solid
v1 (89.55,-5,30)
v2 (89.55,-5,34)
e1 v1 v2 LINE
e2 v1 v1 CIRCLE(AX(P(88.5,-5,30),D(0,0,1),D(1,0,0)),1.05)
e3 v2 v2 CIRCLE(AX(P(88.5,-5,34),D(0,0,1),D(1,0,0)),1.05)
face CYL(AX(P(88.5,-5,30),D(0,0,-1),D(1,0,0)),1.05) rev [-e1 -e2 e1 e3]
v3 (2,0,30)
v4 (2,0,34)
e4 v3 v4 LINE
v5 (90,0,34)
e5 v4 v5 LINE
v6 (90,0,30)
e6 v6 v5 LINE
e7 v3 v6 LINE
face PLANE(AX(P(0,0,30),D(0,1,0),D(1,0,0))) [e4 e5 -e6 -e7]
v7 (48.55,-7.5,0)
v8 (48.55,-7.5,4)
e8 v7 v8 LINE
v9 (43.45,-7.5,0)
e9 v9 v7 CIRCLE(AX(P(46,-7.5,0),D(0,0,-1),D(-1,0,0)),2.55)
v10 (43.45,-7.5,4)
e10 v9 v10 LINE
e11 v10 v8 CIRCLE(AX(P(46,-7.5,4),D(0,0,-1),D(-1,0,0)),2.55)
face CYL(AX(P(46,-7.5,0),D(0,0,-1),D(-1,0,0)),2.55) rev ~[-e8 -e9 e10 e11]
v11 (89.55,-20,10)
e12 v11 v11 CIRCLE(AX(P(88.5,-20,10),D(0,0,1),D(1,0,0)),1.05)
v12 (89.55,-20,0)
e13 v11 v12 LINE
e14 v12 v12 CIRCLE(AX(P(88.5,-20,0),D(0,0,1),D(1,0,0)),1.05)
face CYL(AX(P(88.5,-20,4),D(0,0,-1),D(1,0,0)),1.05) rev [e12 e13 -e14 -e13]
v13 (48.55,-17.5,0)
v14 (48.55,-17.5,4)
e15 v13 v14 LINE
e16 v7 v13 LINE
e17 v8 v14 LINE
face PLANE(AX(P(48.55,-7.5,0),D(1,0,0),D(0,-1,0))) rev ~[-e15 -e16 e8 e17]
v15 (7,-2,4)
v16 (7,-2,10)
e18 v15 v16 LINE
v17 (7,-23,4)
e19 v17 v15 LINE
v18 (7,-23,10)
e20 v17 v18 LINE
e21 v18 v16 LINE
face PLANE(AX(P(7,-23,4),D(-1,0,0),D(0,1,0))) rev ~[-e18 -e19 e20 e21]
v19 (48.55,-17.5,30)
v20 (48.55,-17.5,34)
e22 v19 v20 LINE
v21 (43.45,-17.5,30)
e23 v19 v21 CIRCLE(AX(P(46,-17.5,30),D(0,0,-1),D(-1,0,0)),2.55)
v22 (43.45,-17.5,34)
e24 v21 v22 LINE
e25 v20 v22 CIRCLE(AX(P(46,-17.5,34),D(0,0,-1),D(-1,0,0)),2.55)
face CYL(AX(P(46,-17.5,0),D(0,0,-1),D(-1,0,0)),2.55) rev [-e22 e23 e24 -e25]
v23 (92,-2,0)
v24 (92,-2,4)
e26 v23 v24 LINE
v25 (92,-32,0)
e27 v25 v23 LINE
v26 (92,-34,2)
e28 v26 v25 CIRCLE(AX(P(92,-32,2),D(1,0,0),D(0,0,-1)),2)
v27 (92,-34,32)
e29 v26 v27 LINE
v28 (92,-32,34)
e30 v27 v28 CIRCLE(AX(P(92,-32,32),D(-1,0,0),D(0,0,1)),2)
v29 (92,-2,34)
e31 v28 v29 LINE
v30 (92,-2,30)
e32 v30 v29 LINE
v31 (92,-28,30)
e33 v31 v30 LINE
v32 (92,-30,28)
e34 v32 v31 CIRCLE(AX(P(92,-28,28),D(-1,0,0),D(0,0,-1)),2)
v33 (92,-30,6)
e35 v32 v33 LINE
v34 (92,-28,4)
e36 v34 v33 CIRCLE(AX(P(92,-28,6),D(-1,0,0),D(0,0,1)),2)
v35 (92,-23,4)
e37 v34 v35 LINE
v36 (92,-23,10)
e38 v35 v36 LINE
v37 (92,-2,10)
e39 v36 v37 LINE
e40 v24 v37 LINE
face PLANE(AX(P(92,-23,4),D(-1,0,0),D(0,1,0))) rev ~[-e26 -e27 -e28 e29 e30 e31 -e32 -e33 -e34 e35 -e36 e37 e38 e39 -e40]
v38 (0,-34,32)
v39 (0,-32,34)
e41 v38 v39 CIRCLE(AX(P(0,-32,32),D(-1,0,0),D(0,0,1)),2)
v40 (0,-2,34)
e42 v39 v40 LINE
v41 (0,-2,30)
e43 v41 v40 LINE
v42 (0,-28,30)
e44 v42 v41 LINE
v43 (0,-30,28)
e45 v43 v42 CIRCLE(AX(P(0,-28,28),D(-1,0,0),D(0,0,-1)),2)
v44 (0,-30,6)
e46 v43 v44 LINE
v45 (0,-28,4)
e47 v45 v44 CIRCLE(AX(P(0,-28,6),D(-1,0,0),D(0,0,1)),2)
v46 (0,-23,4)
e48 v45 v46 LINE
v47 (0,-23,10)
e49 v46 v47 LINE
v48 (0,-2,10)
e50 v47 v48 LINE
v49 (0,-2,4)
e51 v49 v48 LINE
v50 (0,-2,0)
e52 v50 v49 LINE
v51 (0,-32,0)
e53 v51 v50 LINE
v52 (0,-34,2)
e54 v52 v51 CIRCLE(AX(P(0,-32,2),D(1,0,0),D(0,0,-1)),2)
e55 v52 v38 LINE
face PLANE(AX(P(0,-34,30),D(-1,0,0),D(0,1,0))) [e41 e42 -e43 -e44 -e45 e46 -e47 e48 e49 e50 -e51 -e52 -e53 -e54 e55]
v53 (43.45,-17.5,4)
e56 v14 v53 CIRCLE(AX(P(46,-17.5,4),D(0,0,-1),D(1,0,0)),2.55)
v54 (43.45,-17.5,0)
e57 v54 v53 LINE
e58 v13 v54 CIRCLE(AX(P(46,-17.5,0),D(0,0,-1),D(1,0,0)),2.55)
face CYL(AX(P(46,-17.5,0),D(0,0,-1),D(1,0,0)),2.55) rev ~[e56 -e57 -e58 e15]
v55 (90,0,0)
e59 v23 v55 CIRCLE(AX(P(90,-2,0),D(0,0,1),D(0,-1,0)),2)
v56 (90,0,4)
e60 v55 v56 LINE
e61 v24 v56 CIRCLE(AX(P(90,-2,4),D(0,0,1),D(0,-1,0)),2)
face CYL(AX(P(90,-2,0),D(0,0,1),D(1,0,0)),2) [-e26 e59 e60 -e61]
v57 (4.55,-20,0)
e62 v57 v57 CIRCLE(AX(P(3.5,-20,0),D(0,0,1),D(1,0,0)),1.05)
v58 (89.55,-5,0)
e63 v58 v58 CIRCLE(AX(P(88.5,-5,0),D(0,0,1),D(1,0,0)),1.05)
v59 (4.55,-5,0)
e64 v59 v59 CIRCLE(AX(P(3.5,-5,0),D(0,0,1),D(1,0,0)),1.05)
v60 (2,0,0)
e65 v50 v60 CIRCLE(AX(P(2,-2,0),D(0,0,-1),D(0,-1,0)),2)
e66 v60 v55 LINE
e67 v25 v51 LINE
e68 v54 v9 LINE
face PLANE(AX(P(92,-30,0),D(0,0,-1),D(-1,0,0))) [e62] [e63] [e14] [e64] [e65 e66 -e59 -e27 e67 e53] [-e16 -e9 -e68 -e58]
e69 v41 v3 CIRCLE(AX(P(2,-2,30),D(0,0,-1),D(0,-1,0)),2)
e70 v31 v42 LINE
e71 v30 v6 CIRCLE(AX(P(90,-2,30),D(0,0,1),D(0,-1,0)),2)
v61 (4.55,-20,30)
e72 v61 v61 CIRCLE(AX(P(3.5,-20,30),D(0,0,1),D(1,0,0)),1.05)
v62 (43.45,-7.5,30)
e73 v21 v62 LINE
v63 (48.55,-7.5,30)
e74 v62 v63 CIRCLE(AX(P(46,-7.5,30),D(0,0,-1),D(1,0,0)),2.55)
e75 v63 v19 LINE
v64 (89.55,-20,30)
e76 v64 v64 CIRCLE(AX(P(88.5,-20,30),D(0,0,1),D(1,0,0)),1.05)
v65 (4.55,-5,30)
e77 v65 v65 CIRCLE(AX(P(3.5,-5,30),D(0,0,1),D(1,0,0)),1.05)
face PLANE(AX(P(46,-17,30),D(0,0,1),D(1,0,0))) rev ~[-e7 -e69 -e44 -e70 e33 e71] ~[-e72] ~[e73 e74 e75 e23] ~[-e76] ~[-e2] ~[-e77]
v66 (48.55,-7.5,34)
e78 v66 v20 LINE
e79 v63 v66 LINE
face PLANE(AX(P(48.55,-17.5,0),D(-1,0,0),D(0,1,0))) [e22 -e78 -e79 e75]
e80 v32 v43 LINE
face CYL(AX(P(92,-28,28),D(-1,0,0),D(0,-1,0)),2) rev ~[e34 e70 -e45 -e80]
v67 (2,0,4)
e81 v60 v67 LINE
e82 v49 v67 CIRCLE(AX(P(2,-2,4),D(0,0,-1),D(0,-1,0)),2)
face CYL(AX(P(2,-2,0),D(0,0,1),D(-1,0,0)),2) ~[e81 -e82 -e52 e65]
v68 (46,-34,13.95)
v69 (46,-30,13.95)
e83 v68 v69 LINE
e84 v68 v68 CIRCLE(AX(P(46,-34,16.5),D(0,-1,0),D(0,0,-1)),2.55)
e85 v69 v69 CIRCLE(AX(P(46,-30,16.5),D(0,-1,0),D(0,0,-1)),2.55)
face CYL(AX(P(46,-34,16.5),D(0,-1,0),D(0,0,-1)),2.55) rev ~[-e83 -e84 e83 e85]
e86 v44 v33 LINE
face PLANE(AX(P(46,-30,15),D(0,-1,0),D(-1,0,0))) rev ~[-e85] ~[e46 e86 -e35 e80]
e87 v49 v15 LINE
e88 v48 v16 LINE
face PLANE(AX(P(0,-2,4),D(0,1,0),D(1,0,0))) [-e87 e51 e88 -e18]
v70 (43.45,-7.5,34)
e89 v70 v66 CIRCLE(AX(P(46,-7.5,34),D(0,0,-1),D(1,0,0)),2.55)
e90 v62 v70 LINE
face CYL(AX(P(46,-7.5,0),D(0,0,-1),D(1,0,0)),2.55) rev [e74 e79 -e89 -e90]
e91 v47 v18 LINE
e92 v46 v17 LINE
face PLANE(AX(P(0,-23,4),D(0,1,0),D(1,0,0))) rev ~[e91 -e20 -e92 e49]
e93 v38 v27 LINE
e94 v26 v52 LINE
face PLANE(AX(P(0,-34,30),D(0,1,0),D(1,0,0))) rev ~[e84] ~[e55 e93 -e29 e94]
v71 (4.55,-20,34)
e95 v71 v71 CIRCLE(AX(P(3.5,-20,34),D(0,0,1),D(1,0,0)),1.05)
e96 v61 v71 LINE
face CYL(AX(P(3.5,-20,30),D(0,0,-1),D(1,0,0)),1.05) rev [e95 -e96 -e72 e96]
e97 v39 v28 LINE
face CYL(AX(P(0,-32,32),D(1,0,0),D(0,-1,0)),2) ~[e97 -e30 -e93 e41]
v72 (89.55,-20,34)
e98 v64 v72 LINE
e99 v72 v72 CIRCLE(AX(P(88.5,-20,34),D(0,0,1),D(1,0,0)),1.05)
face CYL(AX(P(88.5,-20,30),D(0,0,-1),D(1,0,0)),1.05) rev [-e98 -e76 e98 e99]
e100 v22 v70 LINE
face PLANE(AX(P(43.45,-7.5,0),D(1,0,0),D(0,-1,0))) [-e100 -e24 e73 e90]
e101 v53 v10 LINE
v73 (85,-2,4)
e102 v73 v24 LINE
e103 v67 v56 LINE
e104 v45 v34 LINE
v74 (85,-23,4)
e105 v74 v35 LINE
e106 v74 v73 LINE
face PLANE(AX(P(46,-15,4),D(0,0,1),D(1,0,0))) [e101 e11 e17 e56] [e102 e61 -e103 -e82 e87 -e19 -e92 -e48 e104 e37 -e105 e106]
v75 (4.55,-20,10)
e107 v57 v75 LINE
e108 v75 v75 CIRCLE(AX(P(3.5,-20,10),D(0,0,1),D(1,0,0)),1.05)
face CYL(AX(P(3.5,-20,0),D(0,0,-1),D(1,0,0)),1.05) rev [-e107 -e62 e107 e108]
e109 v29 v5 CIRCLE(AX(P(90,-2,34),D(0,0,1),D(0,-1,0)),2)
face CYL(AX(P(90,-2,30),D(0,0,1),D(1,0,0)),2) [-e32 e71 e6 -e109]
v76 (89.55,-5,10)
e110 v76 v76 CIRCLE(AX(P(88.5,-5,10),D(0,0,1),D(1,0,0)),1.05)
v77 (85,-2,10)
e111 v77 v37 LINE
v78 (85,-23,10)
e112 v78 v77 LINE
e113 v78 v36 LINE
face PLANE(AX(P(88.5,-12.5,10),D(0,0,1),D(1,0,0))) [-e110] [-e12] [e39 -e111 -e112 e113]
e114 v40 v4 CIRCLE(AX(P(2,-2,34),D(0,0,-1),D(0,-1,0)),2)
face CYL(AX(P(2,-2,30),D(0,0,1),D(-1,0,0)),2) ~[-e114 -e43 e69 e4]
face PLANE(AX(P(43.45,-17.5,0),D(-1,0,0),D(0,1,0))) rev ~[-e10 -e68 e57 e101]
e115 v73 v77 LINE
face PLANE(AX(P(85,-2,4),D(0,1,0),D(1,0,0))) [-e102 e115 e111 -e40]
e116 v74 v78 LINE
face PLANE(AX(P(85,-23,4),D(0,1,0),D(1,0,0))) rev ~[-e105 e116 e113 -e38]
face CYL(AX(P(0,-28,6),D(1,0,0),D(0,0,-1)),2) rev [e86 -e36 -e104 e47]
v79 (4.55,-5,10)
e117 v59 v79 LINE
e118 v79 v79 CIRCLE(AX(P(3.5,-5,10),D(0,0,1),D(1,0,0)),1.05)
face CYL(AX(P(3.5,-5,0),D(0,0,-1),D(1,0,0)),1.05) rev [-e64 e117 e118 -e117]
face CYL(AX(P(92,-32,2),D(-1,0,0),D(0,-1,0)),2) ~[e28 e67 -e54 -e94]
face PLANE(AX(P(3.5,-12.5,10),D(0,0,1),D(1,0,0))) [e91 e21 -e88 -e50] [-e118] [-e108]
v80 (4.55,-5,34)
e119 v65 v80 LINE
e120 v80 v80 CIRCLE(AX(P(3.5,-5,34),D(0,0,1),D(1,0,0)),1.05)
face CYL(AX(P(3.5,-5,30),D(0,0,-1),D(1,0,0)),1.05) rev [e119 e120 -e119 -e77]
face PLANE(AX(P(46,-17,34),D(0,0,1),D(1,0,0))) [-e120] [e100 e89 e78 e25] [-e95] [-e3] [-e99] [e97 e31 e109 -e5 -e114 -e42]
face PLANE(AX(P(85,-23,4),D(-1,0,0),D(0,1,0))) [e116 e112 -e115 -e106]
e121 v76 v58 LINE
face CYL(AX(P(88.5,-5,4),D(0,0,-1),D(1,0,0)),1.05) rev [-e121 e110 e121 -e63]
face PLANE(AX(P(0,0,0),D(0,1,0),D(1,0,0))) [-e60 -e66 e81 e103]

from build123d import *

# Parameters (mm, degrees)
SKETCH_1_W          = 92
SKETCH_1_H          = 30
SKETCH_1_R          = 1.05
EXTRUDE_1_DEPTH     = 4
SKETCH_4_W          = 92
SKETCH_4_H          = 30
EXTRUDE_4_DEPTH     = 4
SKETCH_5_W          = 92
SKETCH_5_H          = 34
SKETCH_5_R          = 1.05
EXTRUDE_5_DEPTH     = 4
FILLET_4_R          = 2
CUT_EXTRUDE_1_DEPTH = 45
SKETCH_8_R          = 2.55
CUT_EXTRUDE_2_DEPTH = 5
SKETCH_9_W          = 7
SKETCH_9_H          = 21
SKETCH_9_R          = 1.05
EXTRUDE_6_DEPTH     = 6


with BuildPart() as part:
    # 草图1 → 凸台-拉伸1 (new body)
    with BuildSketch(Plane.XY):
        with Locations((46, -15)):
            Rectangle(SKETCH_1_W, SKETCH_1_H)
        with Locations((3.5, -5)):
            Circle(SKETCH_1_R, mode=Mode.SUBTRACT)
        with Locations((3.5, -20)):
            Circle(SKETCH_1_R, mode=Mode.SUBTRACT)
        with Locations((88.5, -5)):
            Circle(SKETCH_1_R, mode=Mode.SUBTRACT)
        with Locations((88.5, -20)):
            Circle(SKETCH_1_R, mode=Mode.SUBTRACT)
        with BuildLine():
            Line((43.45, -17.5), (43.45, -7.5))
            ThreePointArc((43.45, -7.5), (46, -4.95), (48.55, -7.5))
            Line((48.55, -7.5), (48.55, -17.5))
            ThreePointArc((48.55, -17.5), (46, -20.05), (43.45, -17.5))
        make_face(mode=Mode.SUBTRACT)
    extrude(amount=EXTRUDE_1_DEPTH)

    # 草图4 → 凸台-拉伸4 (add)
    with BuildSketch(Plane(origin=(0, -30, 0), x_dir=(-1, 0, 0), z_dir=(0, -1, 0))):
        with Locations((-46, -15)):
            Rectangle(SKETCH_4_W, SKETCH_4_H)
    extrude(amount=EXTRUDE_4_DEPTH)

    # 草图5 → 凸台-拉伸5 (add)
    with BuildSketch(Plane.XY.offset(30)):
        with Locations((46, -17)):
            Rectangle(SKETCH_5_W, SKETCH_5_H)
        with Locations((3.5, -5)):
            Circle(SKETCH_5_R, mode=Mode.SUBTRACT)
        with Locations((3.5, -20)):
            Circle(SKETCH_5_R, mode=Mode.SUBTRACT)
        with Locations((88.5, -20)):
            Circle(SKETCH_5_R, mode=Mode.SUBTRACT)
        with Locations((88.5, -5)):
            Circle(SKETCH_5_R, mode=Mode.SUBTRACT)
    extrude(amount=EXTRUDE_5_DEPTH)

    # 圆角4
    fillet_4_edges = [part.edges().sort_by_distance(p)[0] for p in [
        (46, -30, 30),
        (46, -34, 0),
        (46, -34, 34),
        (0, 0, 32),
        (92, 0, 32),
        (0, 0, 2),
        (92, 0, 2),
        (46, -30, 4),
    ]]
    fillet(fillet_4_edges, radius=FILLET_4_R)

    # 草图7 → 切除-拉伸1 (cut)
    with BuildSketch(Plane(origin=(0, 0, 0), x_dir=(-1, 0, 0), z_dir=(0, 0, -1))):
        with BuildLine():
            Line((-48.55, -17.5), (-48.55, -7.5))
            ThreePointArc((-48.55, -7.5), (-46, -4.95), (-43.45, -7.5))
            Line((-43.45, -7.5), (-43.45, -17.5))
            ThreePointArc((-43.45, -17.5), (-46, -20.05), (-48.55, -17.5))
        make_face()
    extrude(amount=-CUT_EXTRUDE_1_DEPTH, mode=Mode.SUBTRACT)

    # 草图8 → 切除-拉伸2 (cut)
    with BuildSketch(Plane(origin=(0, -34, 0), x_dir=(-1, 0, 0), z_dir=(0, -1, 0))):
        with Locations(Location((-46, -16.5, 0), (0, 0, 90))):
            Circle(SKETCH_8_R)
    extrude(amount=-CUT_EXTRUDE_2_DEPTH, mode=Mode.SUBTRACT)

    # 草图9 → 凸台-拉伸6 (add)
    # profile 1 of 2: a face of its own
    with BuildSketch(Plane.XY.offset(4)):
        with Locations((88.5, -12.5)):
            Rectangle(SKETCH_9_W, SKETCH_9_H)
        with Locations((88.5, -5)):
            Circle(SKETCH_9_R, mode=Mode.SUBTRACT)
        with Locations((88.5, -20)):
            Circle(SKETCH_9_R, mode=Mode.SUBTRACT)
    # profile 2 of 2: a face of its own
    with BuildSketch(Plane.XY.offset(4)):
        with Locations((3.5, -12.5)):
            Rectangle(SKETCH_9_W, SKETCH_9_H)
        with Locations((3.5, -5)):
            Circle(SKETCH_9_R, mode=Mode.SUBTRACT)
        with Locations((3.5, -20)):
            Circle(SKETCH_9_R, mode=Mode.SUBTRACT)
    extrude(amount=EXTRUDE_6_DEPTH)


solid = part.part
